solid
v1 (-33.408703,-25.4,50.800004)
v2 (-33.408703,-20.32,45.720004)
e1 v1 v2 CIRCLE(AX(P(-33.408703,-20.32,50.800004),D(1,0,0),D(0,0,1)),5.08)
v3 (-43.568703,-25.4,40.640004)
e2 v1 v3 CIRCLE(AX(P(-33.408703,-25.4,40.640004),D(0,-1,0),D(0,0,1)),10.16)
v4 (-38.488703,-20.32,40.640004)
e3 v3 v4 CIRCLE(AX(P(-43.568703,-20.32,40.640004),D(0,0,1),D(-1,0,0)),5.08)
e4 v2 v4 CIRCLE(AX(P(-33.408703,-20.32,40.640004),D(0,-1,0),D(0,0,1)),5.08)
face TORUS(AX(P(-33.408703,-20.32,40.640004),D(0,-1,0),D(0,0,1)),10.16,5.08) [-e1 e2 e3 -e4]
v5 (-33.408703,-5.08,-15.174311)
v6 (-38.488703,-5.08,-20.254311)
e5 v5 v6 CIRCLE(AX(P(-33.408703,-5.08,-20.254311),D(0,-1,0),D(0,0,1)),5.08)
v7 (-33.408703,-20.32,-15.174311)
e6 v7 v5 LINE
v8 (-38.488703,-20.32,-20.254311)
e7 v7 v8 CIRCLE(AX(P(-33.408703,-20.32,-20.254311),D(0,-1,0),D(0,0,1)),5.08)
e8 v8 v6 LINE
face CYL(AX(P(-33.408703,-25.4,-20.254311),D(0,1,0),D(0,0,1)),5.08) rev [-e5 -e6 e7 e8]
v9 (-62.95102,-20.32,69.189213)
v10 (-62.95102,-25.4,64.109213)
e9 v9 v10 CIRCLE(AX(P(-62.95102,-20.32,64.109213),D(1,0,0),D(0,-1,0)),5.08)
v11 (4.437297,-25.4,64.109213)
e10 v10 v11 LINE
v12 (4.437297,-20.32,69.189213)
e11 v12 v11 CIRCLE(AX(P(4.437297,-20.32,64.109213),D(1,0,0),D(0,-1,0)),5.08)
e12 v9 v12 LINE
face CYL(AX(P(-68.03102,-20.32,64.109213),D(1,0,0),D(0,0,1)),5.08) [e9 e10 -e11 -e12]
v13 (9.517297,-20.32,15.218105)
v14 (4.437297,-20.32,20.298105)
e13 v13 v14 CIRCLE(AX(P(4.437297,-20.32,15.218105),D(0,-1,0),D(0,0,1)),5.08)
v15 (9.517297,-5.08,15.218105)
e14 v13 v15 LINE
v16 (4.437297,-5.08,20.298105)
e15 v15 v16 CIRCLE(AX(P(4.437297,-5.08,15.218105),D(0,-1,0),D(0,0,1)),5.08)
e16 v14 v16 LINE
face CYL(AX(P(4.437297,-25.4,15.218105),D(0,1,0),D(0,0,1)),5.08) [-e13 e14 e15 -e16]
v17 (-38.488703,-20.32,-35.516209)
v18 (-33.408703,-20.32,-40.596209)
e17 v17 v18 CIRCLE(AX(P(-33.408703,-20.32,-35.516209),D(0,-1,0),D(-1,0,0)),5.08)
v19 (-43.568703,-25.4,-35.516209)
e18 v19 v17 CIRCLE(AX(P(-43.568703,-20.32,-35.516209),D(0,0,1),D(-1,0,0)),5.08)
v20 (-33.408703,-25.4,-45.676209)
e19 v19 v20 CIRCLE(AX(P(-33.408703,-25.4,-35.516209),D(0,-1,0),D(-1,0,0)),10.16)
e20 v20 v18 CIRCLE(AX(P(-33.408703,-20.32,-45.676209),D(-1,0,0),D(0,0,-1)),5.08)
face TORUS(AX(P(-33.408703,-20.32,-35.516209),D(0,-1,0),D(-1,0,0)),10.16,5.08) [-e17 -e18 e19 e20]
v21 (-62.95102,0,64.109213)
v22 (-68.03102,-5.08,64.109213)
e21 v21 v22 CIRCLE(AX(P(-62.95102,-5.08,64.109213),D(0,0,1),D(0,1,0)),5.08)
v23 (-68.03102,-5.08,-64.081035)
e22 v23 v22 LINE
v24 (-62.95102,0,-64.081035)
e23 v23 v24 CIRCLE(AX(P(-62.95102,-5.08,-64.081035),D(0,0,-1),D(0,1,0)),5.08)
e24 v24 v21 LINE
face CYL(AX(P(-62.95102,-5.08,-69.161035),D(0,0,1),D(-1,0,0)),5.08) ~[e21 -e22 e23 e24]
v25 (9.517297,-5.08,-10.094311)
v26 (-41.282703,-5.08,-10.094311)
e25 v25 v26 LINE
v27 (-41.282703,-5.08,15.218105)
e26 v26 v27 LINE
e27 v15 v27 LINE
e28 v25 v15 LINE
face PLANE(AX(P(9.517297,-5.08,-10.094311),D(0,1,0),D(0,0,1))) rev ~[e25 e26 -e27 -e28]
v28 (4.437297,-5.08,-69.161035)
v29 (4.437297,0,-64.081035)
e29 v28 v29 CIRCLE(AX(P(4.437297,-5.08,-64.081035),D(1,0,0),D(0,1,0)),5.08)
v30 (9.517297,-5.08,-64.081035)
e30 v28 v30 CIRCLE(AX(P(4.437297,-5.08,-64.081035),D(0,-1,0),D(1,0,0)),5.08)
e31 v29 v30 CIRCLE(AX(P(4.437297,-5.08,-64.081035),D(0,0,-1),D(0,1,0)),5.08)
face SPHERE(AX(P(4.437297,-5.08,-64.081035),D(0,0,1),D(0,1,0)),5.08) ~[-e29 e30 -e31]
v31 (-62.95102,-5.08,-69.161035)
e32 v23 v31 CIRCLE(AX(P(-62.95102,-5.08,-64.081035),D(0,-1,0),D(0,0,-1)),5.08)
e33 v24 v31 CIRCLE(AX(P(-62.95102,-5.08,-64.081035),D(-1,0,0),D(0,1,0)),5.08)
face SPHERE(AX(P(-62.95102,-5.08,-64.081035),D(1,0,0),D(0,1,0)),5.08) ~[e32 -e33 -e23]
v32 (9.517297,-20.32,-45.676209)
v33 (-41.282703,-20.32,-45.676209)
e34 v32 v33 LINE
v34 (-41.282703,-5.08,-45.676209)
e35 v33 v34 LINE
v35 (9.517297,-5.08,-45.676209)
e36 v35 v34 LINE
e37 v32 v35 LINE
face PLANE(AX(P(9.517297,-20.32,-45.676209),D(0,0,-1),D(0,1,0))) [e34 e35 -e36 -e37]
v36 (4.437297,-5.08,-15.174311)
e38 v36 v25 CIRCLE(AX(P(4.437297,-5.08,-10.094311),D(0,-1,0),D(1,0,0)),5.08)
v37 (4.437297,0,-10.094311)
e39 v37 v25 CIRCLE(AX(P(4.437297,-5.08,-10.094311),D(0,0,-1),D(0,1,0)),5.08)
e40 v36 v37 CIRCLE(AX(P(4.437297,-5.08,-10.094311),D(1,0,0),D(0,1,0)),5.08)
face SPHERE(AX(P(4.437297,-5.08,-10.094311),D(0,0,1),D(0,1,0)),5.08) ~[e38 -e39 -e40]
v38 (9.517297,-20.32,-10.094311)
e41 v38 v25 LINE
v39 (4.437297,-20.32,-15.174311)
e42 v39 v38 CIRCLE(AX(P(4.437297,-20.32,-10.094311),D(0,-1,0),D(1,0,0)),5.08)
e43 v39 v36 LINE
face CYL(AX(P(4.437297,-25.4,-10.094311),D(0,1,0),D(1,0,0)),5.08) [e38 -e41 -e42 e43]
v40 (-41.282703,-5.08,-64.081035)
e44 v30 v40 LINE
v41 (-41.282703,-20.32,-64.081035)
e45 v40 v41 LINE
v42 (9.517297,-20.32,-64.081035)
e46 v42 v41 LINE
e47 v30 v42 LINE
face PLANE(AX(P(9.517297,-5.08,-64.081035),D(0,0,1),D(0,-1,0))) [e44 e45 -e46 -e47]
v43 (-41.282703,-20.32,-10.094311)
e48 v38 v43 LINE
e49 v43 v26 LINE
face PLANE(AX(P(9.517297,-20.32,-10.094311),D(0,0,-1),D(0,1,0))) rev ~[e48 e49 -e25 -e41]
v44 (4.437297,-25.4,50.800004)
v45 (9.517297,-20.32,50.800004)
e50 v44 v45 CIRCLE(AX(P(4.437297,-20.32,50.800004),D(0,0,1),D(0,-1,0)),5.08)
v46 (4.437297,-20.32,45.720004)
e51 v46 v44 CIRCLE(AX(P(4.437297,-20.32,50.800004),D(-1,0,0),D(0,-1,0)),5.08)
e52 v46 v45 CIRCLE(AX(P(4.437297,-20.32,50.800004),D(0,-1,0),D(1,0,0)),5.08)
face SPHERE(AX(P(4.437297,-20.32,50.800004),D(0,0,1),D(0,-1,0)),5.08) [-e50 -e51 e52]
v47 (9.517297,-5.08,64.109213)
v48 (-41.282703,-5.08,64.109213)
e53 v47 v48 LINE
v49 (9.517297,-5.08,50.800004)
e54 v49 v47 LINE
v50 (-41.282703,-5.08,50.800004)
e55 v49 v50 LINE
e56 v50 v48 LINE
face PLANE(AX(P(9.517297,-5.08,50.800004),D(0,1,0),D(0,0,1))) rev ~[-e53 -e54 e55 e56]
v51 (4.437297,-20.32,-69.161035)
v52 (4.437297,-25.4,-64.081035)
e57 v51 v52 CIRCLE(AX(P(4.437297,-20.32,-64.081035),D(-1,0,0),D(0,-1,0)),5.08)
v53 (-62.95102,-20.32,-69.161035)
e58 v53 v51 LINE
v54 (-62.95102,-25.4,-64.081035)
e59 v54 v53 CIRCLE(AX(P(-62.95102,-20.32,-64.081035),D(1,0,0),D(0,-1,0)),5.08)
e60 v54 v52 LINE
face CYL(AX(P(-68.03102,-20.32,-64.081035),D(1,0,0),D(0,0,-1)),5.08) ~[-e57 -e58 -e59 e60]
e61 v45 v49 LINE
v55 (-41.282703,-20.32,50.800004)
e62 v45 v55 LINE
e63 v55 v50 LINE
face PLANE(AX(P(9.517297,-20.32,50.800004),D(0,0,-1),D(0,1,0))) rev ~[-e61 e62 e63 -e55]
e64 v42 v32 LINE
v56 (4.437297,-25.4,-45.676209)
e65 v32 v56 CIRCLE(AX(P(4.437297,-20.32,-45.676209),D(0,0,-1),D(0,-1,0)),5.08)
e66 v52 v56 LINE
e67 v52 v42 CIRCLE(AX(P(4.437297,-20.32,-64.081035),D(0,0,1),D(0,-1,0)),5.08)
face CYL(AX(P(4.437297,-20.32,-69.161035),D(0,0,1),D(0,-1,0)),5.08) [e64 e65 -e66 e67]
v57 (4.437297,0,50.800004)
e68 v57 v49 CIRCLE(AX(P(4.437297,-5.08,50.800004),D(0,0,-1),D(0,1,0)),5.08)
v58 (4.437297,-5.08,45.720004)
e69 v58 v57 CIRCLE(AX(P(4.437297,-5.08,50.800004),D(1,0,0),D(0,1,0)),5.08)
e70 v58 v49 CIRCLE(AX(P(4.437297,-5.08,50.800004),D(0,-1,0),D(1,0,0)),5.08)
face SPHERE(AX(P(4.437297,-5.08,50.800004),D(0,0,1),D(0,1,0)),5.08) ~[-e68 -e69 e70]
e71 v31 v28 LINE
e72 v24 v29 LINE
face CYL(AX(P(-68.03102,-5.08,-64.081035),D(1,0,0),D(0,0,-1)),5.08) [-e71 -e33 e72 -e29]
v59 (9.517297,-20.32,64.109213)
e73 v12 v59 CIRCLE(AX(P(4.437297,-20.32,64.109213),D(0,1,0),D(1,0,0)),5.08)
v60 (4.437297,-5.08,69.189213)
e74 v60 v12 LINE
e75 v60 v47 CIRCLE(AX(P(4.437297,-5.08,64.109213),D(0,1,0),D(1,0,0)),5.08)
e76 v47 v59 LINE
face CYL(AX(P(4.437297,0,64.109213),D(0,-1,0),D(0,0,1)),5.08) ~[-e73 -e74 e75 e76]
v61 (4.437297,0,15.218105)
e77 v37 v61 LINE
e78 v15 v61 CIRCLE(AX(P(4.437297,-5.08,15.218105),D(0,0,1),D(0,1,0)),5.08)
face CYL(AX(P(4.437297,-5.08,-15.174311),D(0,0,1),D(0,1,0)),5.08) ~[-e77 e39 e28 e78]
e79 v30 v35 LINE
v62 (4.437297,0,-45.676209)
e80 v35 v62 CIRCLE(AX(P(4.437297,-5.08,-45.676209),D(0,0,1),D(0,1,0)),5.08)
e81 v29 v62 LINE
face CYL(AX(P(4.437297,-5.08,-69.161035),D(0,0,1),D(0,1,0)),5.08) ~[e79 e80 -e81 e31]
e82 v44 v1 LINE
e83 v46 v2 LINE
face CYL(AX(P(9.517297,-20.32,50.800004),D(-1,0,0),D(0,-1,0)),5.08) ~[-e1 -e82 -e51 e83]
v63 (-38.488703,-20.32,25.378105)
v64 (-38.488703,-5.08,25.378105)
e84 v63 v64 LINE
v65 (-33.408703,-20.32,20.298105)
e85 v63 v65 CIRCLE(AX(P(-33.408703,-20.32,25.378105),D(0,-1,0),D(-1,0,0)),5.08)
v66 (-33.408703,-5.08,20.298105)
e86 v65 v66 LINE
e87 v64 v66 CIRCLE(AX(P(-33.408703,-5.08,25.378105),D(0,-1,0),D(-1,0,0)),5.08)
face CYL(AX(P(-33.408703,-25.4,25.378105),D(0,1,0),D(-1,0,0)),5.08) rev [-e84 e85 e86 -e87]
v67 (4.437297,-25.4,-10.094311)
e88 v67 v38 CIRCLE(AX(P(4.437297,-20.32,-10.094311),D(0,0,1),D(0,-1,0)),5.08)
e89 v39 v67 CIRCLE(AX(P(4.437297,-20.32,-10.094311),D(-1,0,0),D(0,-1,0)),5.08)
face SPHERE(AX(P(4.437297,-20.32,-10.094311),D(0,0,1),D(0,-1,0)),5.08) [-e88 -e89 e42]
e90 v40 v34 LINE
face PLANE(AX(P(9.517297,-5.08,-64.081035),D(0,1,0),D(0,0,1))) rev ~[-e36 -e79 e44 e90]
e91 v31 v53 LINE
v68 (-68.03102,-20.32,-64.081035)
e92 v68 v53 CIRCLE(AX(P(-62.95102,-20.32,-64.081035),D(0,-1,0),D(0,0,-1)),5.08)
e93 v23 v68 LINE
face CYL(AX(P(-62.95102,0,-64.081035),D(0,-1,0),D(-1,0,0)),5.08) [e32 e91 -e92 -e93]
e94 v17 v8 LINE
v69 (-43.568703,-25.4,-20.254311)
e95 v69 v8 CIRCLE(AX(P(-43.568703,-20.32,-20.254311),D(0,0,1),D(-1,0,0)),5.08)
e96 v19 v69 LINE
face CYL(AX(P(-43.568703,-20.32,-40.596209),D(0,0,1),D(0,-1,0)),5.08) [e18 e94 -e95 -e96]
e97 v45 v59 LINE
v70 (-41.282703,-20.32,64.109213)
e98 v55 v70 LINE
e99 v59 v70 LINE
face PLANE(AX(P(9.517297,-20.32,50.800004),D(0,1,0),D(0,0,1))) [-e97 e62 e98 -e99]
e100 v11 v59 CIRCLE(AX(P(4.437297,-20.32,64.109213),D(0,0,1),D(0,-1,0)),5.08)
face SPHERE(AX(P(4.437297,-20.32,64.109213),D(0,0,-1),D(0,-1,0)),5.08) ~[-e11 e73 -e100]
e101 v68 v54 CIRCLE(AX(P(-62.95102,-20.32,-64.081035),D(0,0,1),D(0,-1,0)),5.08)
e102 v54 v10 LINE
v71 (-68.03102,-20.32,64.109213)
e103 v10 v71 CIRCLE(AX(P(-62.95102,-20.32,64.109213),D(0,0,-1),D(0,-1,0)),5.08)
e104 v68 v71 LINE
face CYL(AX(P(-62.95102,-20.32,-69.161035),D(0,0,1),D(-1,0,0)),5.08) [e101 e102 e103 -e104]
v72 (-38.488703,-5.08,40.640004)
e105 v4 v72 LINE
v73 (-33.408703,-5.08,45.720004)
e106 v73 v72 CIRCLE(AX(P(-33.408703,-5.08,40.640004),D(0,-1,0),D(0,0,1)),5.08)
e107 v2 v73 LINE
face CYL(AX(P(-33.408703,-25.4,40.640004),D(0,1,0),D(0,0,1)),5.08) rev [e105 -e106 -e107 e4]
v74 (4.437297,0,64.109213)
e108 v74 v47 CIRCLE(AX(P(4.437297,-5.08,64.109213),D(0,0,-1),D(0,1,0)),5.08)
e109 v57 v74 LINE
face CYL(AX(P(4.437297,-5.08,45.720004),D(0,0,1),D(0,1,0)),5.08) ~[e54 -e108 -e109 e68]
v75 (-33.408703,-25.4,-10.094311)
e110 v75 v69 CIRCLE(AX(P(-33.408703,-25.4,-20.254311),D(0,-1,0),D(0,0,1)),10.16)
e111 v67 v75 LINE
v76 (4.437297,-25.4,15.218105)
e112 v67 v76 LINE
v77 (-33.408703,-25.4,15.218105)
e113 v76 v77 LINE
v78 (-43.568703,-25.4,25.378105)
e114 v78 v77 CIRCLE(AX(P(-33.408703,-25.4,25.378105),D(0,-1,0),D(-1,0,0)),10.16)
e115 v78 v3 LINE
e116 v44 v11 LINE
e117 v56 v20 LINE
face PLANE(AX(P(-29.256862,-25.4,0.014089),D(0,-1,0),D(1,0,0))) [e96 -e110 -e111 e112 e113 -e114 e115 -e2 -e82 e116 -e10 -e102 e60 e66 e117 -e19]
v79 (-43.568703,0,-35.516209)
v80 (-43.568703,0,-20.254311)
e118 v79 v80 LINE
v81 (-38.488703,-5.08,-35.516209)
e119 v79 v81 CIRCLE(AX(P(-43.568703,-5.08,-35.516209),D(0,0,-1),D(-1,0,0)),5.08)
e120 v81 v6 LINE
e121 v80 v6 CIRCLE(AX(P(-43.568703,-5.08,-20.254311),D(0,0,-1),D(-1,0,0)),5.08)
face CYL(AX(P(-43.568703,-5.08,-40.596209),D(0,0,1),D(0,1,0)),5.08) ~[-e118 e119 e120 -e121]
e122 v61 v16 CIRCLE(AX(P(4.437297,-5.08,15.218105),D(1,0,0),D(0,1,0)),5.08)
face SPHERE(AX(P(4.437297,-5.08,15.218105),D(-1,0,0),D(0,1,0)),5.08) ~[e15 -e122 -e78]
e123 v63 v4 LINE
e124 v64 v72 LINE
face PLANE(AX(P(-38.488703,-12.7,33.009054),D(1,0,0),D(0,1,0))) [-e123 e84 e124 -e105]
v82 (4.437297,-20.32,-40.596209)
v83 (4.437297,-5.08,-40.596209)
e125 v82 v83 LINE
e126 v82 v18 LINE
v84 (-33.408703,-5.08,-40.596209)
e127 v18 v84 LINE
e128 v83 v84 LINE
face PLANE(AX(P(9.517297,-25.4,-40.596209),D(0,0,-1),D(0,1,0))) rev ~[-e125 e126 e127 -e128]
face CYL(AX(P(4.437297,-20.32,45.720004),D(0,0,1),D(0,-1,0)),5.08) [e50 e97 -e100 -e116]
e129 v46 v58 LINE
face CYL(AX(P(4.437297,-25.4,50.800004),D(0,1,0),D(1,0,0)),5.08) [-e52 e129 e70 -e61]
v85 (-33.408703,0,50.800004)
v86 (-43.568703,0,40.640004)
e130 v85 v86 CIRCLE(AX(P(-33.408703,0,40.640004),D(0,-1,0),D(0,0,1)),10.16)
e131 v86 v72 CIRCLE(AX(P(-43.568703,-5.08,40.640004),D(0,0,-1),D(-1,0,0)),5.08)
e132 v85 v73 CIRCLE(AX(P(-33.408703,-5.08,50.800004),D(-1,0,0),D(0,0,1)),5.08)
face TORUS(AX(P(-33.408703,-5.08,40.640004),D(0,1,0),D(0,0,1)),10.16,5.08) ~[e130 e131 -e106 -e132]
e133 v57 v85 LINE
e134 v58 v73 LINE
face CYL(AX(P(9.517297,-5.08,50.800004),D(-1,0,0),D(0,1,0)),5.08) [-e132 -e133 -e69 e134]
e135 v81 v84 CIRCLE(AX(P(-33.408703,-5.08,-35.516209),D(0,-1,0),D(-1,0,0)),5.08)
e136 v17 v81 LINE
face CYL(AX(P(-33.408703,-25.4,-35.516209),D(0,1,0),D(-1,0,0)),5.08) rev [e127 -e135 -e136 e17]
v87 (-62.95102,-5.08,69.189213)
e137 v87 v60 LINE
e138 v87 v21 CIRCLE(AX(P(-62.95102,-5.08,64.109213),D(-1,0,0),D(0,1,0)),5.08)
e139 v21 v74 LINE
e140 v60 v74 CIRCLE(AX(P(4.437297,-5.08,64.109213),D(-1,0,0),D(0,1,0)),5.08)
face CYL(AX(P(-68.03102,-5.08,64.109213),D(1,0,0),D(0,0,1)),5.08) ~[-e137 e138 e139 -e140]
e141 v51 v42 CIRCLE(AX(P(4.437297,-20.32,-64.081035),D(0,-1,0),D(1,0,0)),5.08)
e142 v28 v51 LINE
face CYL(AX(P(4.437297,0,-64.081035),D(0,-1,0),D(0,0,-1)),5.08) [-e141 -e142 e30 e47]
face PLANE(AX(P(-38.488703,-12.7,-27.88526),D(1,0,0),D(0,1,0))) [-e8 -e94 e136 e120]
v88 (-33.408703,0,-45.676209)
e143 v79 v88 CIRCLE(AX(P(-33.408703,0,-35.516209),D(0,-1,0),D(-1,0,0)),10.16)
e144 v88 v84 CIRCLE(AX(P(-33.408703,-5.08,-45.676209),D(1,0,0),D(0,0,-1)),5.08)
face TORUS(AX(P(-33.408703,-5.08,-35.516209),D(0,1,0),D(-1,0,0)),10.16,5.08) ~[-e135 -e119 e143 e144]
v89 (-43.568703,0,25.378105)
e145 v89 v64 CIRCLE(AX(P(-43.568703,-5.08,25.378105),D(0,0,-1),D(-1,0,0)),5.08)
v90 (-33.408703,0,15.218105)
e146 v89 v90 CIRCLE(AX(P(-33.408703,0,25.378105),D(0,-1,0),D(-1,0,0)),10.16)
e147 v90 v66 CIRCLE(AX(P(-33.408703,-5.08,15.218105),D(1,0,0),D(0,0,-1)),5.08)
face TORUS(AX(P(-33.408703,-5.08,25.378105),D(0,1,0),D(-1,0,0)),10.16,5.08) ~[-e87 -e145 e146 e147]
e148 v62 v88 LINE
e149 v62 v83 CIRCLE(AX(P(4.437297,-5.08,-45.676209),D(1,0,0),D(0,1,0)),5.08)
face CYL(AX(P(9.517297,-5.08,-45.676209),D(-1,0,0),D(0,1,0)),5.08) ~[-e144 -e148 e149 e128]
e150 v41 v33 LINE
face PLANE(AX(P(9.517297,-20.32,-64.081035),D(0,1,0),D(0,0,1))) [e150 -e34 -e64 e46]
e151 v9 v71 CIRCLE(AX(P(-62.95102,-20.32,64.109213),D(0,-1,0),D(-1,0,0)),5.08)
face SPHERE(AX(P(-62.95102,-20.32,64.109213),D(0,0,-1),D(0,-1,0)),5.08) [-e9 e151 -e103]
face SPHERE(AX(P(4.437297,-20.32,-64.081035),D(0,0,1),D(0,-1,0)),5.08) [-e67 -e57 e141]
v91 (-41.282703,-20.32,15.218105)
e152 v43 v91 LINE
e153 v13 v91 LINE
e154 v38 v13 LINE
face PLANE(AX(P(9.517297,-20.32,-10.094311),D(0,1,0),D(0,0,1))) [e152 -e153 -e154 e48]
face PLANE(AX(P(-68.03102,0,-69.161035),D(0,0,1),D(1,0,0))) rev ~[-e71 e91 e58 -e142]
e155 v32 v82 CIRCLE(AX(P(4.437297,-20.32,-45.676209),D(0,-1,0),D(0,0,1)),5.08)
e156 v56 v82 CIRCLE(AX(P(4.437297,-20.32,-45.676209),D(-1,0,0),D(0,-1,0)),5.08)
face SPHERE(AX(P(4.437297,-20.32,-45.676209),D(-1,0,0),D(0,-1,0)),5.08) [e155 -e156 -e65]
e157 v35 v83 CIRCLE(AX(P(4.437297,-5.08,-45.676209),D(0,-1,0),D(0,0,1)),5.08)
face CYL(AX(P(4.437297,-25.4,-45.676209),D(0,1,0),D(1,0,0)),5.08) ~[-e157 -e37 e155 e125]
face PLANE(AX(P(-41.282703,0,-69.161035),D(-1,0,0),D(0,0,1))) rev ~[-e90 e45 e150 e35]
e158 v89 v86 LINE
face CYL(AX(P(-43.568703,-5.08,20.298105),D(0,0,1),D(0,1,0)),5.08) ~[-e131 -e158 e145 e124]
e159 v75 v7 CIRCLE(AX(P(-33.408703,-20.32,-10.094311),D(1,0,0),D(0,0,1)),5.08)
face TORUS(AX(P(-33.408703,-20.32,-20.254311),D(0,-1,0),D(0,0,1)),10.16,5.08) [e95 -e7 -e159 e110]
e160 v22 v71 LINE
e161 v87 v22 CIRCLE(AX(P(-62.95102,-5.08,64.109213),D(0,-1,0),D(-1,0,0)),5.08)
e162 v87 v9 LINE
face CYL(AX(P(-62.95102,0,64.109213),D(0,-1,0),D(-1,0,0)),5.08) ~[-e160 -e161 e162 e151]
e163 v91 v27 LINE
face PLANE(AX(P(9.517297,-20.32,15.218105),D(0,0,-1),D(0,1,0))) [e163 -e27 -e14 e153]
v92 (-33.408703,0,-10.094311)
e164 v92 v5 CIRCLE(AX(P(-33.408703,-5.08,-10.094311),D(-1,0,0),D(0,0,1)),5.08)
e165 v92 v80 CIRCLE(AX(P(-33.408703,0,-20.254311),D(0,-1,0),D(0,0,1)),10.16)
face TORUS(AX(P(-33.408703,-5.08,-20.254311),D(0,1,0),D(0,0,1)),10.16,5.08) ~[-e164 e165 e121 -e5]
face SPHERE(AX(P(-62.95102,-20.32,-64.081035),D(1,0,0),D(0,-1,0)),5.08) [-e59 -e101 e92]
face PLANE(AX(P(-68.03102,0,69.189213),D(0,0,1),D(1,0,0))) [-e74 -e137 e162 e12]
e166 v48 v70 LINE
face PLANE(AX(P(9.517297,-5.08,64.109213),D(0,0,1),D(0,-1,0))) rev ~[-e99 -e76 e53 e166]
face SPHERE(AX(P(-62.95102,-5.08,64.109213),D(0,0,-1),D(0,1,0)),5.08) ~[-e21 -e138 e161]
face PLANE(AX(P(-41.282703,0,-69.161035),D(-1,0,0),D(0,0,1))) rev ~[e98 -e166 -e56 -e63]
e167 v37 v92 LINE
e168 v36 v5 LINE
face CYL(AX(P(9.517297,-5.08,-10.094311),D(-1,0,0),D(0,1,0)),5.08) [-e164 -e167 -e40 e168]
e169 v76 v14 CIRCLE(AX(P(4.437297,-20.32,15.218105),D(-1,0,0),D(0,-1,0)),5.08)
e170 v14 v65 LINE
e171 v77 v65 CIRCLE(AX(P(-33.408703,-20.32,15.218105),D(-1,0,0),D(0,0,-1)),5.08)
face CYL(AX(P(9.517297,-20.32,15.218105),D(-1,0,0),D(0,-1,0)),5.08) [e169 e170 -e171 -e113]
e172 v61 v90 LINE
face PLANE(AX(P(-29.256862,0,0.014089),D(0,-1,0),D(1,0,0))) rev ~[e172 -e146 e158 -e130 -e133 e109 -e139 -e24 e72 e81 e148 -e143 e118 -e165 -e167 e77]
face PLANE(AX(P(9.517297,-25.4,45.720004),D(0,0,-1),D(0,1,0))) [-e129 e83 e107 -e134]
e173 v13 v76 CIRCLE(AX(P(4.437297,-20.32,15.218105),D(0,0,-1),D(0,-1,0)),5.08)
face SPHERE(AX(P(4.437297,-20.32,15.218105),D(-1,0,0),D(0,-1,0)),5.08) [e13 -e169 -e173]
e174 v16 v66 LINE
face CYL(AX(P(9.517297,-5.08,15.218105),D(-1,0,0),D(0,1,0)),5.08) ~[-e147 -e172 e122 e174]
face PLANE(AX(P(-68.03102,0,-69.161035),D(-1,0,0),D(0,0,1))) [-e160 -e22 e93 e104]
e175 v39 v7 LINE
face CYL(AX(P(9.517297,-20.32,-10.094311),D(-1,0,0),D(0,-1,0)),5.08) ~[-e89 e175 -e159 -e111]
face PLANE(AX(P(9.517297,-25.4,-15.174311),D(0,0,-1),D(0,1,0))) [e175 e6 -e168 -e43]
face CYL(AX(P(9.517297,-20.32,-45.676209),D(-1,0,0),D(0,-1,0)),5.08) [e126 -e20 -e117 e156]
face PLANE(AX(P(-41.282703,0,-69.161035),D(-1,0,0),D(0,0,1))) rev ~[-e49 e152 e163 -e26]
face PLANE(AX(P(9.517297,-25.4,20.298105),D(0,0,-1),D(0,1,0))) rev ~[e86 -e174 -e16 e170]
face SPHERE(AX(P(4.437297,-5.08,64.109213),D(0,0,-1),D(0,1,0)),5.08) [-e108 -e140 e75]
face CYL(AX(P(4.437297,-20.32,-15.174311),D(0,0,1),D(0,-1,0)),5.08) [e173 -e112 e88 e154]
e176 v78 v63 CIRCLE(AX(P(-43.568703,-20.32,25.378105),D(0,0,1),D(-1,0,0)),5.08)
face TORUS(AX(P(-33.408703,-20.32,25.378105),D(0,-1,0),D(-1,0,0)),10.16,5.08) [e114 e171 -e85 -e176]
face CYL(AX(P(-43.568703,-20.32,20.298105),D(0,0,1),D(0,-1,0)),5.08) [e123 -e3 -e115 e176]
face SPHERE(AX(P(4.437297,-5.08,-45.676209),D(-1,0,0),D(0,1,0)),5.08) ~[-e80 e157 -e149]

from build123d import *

# Parameters (mm, degrees)
F0_W     = 77.5483176112
F0_H     = 138.3502483368
F1_DEPTH = 25.4
F2_W     = 25.4
F2_H     = 25.4218988121
F3_DEPTH = 48.006
F4_R     = 5.08
F5_DEPTH = 50.8
F6_DEPTH = 50.8
F7_DEPTH = 50.8


with BuildPart() as f1:
    # F0 (on Front) → F1 (new body)
    with BuildSketch(Plane.XZ):
        with Locations((-29.2568616569, 0.0140890479)):
            Rectangle(F0_W, F0_H)
    extrude(amount=F1_DEPTH)

    # F2 (on face) → F3 (cut)
    with BuildSketch(Plane.YZ.offset(9.5172971487)):
        with Locations((-12.7, 33.0090541393)):
            Rectangle(F2_W, F2_H)
        with Locations((-12.7, -27.8852600604)):
            Rectangle(F2_W, F2_H)
    extrude(amount=-F3_DEPTH, mode=Mode.SUBTRACT)

    # F4
    f4_edges = [f1.edges().sort_by_distance(p)[0] for p in [
        (9.517297, -25.4, 57.454608),
        (-14.485703, -25.4, 45.720004),
        (-38.488703, -25.4, 33.009054),
        (-14.485703, -25.4, 20.298105),
        (9.517297, -25.4, 2.561897),
        (-14.485703, -25.4, -15.174311),
        (-38.488703, -25.4, -27.88526),
        (-14.485703, -25.4, -40.596209),
        (9.517297, -25.4, -54.878622),
        (-29.256862, -25.4, -69.161035),
        (-68.03102, -25.4, 0.014089),
        (-29.256862, -25.4, 69.189213),
        (9.517297, 0, 57.454608),
        (-14.485703, 0, 45.720004),
        (-38.488703, 0, 33.009054),
        (-14.485703, 0, 20.298105),
        (9.517297, 0, 2.561897),
        (-14.485703, 0, -15.174311),
        (-38.488703, 0, -27.88526),
        (-14.485703, 0, -40.596209),
        (9.517297, 0, -54.878622),
        (-29.256862, 0, -69.161035),
        (-68.03102, 0, 0.014089),
        (-29.256862, 0, 69.189213),
        (-68.03102, -12.7, 69.189213),
        (-68.03102, -12.7, -69.161035),
        (9.517297, -12.7, 69.189213),
        (9.517297, -12.7, 45.720004),
        (-38.488703, -12.7, 45.720004),
        (9.517297, -12.7, -15.174311),
        (-38.488703, -12.7, -15.174311),
        (9.517297, -12.7, 20.298105),
        (-38.488703, -12.7, 20.298105),
        (9.517297, -12.7, -69.161035),
        (9.517297, -12.7, -40.596209),
        (-38.488703, -12.7, -40.596209),
    ]]
    fillet(f4_edges, radius=F4_R)

    # F5 (cut): a face of the model
    f5_faces = [f1.faces().sort_by_distance(p)[0] for p in [
        (9.5172971487, -12.7, 57.4546083808),
    ]]
    extrude(f5_faces, amount=-F5_DEPTH, mode=Mode.SUBTRACT)

    # F6 (cut): a face of the model
    f6_faces = [f1.faces().sort_by_distance(p)[0] for p in [
        (9.5172971487, -12.7, 2.5618970394),
    ]]
    extrude(f6_faces, amount=-F6_DEPTH, mode=Mode.SUBTRACT)

    # F7 (cut): a face of the model
    f7_faces = [f1.faces().sort_by_distance(p)[0] for p in [
        (9.5172971487, -12.7, -54.8786222935),
    ]]
    extrude(f7_faces, amount=-F7_DEPTH, mode=Mode.SUBTRACT)


solid = f1.part
